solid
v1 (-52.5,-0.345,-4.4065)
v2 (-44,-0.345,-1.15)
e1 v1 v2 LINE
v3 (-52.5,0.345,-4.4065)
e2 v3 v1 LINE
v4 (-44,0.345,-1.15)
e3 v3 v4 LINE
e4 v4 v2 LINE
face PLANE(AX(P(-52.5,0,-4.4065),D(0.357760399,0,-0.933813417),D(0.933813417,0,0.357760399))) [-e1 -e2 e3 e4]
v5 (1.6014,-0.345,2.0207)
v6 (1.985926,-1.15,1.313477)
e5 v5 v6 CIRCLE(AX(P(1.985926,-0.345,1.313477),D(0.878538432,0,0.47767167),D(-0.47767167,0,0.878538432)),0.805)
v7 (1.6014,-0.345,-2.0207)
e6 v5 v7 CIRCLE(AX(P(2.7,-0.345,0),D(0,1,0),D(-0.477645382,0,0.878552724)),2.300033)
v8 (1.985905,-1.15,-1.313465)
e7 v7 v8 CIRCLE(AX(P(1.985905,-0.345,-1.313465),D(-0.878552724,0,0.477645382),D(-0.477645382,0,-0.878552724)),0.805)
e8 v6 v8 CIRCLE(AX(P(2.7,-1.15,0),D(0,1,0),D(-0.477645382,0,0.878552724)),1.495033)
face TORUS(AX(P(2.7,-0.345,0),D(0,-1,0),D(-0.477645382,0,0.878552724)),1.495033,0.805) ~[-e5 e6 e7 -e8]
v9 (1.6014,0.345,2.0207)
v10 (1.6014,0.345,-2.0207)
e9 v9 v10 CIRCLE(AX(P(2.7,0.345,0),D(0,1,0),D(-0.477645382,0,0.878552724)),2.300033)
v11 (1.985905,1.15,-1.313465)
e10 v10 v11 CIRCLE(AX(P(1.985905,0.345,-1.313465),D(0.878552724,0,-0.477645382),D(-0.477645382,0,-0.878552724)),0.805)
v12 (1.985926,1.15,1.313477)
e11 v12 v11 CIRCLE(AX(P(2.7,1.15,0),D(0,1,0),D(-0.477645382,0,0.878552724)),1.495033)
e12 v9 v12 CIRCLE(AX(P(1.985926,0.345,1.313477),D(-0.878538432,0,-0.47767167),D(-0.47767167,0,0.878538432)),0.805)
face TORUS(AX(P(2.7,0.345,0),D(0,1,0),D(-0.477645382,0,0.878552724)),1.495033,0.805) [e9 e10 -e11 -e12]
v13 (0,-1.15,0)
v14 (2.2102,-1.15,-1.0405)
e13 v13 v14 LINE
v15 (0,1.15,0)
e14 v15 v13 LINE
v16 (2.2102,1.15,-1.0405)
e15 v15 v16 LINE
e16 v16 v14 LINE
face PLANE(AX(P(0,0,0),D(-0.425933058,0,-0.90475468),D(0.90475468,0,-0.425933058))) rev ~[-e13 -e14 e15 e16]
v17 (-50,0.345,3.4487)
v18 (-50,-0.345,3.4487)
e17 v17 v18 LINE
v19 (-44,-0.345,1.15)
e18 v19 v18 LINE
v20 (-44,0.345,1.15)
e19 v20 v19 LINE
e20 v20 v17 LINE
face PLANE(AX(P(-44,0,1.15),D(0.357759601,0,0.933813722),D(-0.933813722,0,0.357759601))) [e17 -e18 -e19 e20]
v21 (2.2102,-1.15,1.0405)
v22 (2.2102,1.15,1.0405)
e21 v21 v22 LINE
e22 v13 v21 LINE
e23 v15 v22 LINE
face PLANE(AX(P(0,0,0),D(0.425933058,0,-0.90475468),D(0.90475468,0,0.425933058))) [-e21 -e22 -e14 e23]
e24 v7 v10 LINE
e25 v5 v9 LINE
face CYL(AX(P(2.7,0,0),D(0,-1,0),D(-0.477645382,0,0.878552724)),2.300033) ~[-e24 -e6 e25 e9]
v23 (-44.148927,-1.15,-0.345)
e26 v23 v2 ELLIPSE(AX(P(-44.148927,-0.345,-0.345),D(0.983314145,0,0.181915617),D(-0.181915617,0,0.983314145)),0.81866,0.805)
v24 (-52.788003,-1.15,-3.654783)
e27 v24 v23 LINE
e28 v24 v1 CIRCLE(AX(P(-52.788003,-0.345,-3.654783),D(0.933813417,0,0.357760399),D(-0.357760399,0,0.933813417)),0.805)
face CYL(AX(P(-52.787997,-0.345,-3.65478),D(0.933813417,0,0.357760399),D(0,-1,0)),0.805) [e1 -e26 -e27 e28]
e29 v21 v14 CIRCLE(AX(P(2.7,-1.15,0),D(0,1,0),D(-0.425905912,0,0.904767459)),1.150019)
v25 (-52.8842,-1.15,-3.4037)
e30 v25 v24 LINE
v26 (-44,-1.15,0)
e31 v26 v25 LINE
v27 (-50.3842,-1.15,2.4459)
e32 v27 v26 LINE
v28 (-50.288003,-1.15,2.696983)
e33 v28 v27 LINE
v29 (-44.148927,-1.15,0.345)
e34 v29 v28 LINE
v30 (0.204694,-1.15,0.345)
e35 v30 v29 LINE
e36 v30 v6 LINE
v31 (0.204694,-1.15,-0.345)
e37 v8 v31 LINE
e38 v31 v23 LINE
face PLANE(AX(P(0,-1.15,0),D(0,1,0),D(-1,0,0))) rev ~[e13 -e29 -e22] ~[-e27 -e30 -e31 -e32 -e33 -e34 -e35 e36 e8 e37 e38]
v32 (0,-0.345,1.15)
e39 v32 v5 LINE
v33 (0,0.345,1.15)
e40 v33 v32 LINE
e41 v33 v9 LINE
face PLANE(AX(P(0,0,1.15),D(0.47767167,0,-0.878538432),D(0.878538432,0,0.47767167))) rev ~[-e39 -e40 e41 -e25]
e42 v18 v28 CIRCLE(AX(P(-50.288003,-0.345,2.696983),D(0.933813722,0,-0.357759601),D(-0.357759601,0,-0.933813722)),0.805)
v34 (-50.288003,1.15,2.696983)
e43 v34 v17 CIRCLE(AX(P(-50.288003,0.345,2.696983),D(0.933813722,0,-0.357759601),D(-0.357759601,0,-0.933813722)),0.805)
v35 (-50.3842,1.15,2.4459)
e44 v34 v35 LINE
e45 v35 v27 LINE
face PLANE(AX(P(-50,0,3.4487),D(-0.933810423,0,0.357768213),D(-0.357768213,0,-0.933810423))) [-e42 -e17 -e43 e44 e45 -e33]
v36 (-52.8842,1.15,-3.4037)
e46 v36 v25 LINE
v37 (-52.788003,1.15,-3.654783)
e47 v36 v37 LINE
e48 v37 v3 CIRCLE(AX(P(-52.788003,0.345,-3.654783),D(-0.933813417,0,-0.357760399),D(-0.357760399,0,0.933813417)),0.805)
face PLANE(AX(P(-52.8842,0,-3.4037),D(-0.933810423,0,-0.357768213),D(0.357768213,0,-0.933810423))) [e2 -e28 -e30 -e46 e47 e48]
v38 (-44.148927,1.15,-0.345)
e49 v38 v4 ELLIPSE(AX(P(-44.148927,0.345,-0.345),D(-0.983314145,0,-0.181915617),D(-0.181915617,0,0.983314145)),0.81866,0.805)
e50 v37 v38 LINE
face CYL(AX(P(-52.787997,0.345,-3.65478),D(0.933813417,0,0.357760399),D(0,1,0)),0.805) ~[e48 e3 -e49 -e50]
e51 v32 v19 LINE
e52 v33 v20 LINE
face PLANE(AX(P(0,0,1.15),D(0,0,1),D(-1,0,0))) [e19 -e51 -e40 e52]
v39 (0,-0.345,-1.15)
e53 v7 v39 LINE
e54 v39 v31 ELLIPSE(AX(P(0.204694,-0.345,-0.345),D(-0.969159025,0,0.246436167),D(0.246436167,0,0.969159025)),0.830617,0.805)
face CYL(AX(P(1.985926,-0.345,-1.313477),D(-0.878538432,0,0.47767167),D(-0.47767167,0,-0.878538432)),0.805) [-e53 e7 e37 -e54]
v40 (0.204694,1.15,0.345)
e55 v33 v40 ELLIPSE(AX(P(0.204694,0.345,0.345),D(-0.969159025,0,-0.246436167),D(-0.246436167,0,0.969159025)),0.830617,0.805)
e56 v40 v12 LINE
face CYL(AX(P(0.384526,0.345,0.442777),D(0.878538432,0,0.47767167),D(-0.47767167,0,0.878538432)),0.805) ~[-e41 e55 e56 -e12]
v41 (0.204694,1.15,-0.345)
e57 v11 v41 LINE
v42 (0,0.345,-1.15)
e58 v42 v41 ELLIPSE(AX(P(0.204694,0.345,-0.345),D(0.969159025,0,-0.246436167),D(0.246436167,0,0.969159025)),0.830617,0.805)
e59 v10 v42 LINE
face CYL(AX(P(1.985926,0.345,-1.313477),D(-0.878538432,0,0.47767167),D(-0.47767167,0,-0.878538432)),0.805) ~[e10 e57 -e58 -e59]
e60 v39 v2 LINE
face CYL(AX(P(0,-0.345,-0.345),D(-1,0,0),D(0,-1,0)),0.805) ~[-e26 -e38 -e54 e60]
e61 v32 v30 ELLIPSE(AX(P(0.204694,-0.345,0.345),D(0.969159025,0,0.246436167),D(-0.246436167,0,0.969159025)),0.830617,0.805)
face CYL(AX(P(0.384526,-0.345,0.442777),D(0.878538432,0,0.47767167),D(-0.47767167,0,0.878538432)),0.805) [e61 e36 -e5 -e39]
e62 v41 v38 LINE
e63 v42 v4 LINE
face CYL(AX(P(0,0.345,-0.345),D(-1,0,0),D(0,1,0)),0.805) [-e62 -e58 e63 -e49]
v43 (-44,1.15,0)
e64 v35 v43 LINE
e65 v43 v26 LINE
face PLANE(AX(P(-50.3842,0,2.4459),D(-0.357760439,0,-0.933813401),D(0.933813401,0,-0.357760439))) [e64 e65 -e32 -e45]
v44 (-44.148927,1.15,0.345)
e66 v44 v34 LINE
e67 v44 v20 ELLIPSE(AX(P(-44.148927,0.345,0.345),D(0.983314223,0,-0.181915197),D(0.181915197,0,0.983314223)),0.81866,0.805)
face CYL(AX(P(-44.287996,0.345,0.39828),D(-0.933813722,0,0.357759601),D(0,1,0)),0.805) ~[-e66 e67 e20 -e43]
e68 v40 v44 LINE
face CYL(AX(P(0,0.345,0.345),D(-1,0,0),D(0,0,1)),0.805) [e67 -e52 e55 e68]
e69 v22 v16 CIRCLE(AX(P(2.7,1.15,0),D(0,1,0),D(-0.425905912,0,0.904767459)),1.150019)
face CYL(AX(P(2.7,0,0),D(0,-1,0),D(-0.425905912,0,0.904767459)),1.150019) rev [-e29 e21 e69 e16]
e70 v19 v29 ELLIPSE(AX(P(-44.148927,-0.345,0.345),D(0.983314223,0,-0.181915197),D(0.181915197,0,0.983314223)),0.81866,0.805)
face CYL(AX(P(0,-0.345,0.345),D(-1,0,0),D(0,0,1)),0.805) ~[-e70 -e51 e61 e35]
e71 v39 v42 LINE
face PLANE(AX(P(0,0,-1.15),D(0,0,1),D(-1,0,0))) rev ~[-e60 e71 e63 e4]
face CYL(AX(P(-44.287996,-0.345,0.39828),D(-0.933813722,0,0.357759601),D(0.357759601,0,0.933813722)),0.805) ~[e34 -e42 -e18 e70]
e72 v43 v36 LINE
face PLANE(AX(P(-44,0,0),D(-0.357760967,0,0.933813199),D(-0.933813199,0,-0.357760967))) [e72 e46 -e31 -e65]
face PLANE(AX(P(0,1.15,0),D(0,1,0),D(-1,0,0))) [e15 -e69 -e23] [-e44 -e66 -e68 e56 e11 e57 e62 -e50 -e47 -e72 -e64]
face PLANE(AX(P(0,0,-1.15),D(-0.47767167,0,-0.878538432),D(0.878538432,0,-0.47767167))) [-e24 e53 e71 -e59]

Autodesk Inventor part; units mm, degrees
ref_plane "YZ Plane" through (0, 0, 0) normal (1, 0, 0) x (0, 1, 0)
sketch "Skizze1" plane through (0, 0, 0) normal (0, 1, 0) x (-1, 0, 0)
  arc A0 (-1.6014, 2.0207) -> (-1.6014, -2.0207) centre (-2.7, 0) ccw
  arc A1 (-2.2102, 1.0405) -> (-2.2102, -1.0405) centre (-2.7, 0) ccw
  line L0 (0, 1.15) -> (44, 1.15)
  line L1 (0, -1.15) -> (44, -1.15)
  line L2 (44, 1.15) -> (50, 3.4487)
  line L3 (50, 3.4487) -> (50.3842, 2.4459)
  line L4 (50.3842, 2.4459) -> (44, 0)
  line L5 (44, 0) -> (52.8842, -3.4037)
  line L6 (52.8842, -3.4037) -> (52.5, -4.4065)
  line L7 (52.5, -4.4065) -> (44, -1.15)
  line L8 (0, 0) -> (-2.2102, -1.0405)
  line L9 (0, 0) -> (-2.2102, 1.0405)
  line L10 (0, 1.15) -> (0, -1.15) construction
  line L11 (0, 1.15) -> (-1.6014, 2.0207)
  line L12 (0, -1.15) -> (-1.6014, -2.0207)
  line L13 (-5, 0) -> (44, 0) construction
  line L14 (44, 1.15) -> (44, -1.15) construction
  dimension "d0" = 44
  dimension "d1" = 50
  dimension "d2" = 159.037
  dimension "d3" = 159.037
  dimension "d4" = 2.5
  dimension "d5" = 1.15
  dimension "d6" = 2.3
  dimension "d7" = 1.15
  dimension "d8" = 1.15
  dimension "d9" = 2.7
extrude "Körper" add sketch "Skizze1" along normal mid plane 2.3
fillet "Rundung" radius 0.805 14 edges at (-47, -1.15, 2.2994) (-47, 1.15, 2.2994) (-22, -1.15, 1.15) (-22, 1.15, 1.15) (5, -1.15, 0) (0.8007, -1.15, -1.5853) (0.8007, -1.15, 1.5853) (5, 1.15, 0) (0.8007, 1.15, 1.5853) (0.8007, 1.15, -1.5853) (-22, -1.15, -1.15) (-48.25, -1.15, -2.7783) (-22, 1.15, -1.15) (-48.25, 1.15, -2.7783)
ref_plane "Work Plane1" through (0, -10, 0) normal (0, 0, -1) x (0, 1, 0)
ref_plane "Work Plane3" through (0, 0, 1.15) normal (-1, 0, 0) x (0, 1, 0)
equation "\"d0\" = MSIAB"
equation "\"d1\" = SNLG"
equation "\"d4\" = LGDIF"
equation "\"d5\" = -0.5 * SNND1 + 0.5 * KBR"
equation "\"d6\" = 0.5 * KBR"
equation "\"d7\" = 0.5 * SNND1"
equation "\"d8\" = 0.5 * SNND1"
equation "\"d9\" = KOL - 0.5 * KBR"
equation "\"d10\" = SNND1"
equation "\"d12\" = 0.35 * SNND1"
equation "\"SNND\" = 2.5"
equation "\"SNLG\" = 50"
equation "\"SNND1\" = 2.3"
equation "\"KBR\" = 4.6"
equation "\"KOL\" = 5"
equation "\"LGDIF\" = 2.5"
equation "\"MSIAB\" = 44"
equation "\"NNDMAX\" = 11"
equation "\"DSH\" = 5"
equation "\"NNDMIN\" = 9"
properties part number "ISO 1234 - 2,5 x 50" material "Stahl"
